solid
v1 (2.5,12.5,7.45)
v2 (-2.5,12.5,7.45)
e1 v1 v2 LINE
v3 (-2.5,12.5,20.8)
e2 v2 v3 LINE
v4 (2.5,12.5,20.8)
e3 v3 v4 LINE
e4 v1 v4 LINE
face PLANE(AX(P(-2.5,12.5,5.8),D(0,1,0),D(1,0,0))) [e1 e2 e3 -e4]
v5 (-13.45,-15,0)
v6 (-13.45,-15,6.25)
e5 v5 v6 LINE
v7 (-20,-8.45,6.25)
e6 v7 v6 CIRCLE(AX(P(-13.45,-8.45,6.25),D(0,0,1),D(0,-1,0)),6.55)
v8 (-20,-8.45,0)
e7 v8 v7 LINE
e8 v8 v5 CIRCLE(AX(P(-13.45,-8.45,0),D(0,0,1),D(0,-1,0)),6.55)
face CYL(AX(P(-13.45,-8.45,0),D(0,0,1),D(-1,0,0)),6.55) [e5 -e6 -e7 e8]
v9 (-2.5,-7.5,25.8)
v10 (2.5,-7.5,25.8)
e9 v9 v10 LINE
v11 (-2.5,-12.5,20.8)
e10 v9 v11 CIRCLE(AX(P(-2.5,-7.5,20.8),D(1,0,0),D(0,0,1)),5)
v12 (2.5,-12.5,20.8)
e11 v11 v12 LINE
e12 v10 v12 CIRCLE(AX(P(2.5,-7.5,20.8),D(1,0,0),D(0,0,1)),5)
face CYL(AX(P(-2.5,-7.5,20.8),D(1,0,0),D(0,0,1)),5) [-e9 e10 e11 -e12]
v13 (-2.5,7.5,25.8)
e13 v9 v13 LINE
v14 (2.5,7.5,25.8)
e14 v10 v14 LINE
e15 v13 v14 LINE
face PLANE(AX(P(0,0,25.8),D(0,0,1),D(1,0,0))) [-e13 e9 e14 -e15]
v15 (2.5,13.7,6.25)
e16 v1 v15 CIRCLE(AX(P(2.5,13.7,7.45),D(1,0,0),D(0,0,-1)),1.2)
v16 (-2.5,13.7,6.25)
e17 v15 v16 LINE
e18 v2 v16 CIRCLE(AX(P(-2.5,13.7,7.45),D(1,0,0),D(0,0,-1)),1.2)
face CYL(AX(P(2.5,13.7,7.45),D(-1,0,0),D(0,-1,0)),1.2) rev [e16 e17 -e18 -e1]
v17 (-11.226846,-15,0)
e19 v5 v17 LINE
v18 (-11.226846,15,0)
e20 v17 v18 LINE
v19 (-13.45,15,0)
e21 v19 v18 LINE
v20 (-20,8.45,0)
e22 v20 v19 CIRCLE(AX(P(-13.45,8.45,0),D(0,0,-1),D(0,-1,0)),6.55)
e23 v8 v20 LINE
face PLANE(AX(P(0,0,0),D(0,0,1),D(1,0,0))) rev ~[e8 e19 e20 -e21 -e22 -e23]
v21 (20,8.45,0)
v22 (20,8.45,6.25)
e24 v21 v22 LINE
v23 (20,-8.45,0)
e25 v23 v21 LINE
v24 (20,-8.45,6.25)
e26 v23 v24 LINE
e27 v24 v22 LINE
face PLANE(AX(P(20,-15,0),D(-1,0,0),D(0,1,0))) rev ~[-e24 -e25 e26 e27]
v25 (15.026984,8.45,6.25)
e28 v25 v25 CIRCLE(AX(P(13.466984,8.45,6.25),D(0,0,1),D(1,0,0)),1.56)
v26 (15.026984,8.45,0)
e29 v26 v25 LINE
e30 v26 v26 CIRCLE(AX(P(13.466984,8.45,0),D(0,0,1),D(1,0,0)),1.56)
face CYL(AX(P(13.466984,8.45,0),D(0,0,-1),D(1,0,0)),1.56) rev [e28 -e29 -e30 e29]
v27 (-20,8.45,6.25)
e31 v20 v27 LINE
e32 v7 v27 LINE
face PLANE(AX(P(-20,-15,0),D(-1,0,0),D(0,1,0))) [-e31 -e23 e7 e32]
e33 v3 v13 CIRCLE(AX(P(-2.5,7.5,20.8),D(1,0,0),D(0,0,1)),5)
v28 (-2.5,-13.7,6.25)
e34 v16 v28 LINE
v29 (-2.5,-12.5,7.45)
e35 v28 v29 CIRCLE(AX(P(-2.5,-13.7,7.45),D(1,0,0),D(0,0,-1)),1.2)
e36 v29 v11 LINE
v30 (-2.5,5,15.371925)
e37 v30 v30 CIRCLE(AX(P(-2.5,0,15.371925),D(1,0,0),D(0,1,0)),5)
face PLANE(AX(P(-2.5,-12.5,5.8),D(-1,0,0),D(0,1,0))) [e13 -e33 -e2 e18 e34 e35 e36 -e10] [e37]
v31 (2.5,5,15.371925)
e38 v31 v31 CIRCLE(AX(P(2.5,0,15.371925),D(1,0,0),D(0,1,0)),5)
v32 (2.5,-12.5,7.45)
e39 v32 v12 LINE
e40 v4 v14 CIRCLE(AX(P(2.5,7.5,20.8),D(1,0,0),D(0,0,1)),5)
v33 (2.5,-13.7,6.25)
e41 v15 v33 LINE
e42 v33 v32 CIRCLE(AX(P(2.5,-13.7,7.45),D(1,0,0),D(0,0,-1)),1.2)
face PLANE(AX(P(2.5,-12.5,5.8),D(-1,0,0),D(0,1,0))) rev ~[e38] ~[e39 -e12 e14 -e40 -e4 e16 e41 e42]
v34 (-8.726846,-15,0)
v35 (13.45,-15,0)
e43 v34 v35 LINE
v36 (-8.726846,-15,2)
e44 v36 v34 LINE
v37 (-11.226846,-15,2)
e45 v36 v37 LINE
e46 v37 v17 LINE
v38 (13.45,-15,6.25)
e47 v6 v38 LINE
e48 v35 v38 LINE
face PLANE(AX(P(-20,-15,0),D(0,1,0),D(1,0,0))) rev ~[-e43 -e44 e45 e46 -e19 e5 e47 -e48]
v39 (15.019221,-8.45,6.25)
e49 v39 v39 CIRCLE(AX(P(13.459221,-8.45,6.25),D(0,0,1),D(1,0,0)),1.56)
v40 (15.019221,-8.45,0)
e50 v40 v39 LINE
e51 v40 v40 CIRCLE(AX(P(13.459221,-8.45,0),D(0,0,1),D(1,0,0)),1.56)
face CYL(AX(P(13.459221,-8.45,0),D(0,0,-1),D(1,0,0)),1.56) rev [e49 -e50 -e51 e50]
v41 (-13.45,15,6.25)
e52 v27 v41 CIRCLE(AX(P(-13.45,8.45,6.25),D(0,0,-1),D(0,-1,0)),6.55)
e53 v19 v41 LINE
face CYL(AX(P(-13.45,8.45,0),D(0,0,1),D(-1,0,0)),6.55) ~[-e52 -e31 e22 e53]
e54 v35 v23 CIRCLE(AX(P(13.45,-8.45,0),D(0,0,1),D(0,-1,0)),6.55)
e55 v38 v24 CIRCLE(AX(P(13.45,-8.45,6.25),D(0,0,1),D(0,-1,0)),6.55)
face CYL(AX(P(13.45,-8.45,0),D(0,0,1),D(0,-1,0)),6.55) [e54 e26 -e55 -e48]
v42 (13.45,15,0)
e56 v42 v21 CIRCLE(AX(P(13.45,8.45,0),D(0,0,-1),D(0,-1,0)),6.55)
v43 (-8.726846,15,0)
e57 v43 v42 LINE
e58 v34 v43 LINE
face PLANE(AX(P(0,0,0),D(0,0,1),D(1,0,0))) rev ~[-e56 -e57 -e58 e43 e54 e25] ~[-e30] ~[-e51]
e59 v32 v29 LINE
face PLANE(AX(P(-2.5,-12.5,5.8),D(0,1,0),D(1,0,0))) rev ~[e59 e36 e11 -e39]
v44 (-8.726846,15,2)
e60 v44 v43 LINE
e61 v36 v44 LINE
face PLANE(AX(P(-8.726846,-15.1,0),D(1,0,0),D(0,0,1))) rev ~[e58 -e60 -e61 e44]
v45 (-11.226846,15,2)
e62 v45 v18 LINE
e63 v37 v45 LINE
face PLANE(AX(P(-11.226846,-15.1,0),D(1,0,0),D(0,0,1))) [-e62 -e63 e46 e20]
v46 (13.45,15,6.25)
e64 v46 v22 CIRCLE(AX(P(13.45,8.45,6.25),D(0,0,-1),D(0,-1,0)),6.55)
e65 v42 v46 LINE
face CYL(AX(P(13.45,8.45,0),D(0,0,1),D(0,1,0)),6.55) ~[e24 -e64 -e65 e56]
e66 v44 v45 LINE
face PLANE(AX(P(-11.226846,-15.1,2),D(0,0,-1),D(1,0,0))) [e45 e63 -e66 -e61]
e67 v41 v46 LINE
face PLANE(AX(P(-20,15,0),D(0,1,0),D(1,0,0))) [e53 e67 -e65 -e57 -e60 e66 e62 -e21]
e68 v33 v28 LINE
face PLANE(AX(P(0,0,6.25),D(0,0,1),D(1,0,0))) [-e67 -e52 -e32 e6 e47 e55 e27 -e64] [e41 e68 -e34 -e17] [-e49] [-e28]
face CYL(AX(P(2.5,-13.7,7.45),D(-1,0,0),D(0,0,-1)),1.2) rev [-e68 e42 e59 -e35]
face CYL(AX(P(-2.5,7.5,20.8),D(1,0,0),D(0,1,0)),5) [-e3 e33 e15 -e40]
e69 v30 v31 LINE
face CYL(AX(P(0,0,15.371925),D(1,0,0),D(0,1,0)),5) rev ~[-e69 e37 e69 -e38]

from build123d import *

# Parameters (mm, degrees)
F0_W      = 40
F0_H      = 30
F0_R      = 1.56
F1_DEPTH  = 6.25
F2_R      = 6.55
F4_W      = 5
F4_H      = 25
F5_DEPTH  = 20
F6_R      = 5
F7_R      = 1.2
F9_W      = 2.5
F9_H      = 2
F10_DEPTH = 36
F11_R     = 5
F12_DEPTH = 15.5


with BuildPart() as f1:
    # F0 (on Top) → F1 (new body)
    with BuildSketch(Plane.XY):
        Rectangle(F0_W, F0_H)
        with Locations((13.459221, -8.45)):
            Circle(F0_R, mode=Mode.SUBTRACT)
        with Locations((13.466984, 8.45)):
            Circle(F0_R, mode=Mode.SUBTRACT)
    extrude(amount=F1_DEPTH)

    # F2
    f2_edges = [f1.edges().sort_by_distance(p)[0] for p in [
        (-20, -15, 3.125),
        (-20, 15, 3.125),
        (20, -15, 3.125),
        (20, 15, 3.125),
    ]]
    fillet(f2_edges, radius=F2_R)

    # F4 (on offset) → F5 (join)
    with BuildSketch(Plane.XY.offset(5.8)):
        Rectangle(F4_W, F4_H)
    extrude(amount=F5_DEPTH)

    # F6
    f6_edges = [f1.edges().sort_by_distance(p)[0] for p in [
        (0, 12.5, 25.8),
        (0, -12.5, 25.8),
    ]]
    fillet(f6_edges, radius=F6_R)

    # F7
    f7_edges = [f1.edges().sort_by_distance(p)[0] for p in [
        (0, -12.5, 6.25),
        (0, 12.5, 6.25),
    ]]
    fillet(f7_edges, radius=F7_R)

    # F9 (on offset) → F10 (cut)
    with BuildSketch(Plane.XZ.offset(15.1)):
        with Locations((-9.976846, 1)):
            Rectangle(F9_W, F9_H)
    extrude(amount=-F10_DEPTH, mode=Mode.SUBTRACT)

    # F11 (on Right) → F12 (cut, symmetric)
    with BuildSketch(Plane.YZ):
        with Locations((0, 15.371925)):
            Circle(F11_R)
    extrude(amount=F12_DEPTH, both=True, mode=Mode.SUBTRACT)


solid = f1.part
